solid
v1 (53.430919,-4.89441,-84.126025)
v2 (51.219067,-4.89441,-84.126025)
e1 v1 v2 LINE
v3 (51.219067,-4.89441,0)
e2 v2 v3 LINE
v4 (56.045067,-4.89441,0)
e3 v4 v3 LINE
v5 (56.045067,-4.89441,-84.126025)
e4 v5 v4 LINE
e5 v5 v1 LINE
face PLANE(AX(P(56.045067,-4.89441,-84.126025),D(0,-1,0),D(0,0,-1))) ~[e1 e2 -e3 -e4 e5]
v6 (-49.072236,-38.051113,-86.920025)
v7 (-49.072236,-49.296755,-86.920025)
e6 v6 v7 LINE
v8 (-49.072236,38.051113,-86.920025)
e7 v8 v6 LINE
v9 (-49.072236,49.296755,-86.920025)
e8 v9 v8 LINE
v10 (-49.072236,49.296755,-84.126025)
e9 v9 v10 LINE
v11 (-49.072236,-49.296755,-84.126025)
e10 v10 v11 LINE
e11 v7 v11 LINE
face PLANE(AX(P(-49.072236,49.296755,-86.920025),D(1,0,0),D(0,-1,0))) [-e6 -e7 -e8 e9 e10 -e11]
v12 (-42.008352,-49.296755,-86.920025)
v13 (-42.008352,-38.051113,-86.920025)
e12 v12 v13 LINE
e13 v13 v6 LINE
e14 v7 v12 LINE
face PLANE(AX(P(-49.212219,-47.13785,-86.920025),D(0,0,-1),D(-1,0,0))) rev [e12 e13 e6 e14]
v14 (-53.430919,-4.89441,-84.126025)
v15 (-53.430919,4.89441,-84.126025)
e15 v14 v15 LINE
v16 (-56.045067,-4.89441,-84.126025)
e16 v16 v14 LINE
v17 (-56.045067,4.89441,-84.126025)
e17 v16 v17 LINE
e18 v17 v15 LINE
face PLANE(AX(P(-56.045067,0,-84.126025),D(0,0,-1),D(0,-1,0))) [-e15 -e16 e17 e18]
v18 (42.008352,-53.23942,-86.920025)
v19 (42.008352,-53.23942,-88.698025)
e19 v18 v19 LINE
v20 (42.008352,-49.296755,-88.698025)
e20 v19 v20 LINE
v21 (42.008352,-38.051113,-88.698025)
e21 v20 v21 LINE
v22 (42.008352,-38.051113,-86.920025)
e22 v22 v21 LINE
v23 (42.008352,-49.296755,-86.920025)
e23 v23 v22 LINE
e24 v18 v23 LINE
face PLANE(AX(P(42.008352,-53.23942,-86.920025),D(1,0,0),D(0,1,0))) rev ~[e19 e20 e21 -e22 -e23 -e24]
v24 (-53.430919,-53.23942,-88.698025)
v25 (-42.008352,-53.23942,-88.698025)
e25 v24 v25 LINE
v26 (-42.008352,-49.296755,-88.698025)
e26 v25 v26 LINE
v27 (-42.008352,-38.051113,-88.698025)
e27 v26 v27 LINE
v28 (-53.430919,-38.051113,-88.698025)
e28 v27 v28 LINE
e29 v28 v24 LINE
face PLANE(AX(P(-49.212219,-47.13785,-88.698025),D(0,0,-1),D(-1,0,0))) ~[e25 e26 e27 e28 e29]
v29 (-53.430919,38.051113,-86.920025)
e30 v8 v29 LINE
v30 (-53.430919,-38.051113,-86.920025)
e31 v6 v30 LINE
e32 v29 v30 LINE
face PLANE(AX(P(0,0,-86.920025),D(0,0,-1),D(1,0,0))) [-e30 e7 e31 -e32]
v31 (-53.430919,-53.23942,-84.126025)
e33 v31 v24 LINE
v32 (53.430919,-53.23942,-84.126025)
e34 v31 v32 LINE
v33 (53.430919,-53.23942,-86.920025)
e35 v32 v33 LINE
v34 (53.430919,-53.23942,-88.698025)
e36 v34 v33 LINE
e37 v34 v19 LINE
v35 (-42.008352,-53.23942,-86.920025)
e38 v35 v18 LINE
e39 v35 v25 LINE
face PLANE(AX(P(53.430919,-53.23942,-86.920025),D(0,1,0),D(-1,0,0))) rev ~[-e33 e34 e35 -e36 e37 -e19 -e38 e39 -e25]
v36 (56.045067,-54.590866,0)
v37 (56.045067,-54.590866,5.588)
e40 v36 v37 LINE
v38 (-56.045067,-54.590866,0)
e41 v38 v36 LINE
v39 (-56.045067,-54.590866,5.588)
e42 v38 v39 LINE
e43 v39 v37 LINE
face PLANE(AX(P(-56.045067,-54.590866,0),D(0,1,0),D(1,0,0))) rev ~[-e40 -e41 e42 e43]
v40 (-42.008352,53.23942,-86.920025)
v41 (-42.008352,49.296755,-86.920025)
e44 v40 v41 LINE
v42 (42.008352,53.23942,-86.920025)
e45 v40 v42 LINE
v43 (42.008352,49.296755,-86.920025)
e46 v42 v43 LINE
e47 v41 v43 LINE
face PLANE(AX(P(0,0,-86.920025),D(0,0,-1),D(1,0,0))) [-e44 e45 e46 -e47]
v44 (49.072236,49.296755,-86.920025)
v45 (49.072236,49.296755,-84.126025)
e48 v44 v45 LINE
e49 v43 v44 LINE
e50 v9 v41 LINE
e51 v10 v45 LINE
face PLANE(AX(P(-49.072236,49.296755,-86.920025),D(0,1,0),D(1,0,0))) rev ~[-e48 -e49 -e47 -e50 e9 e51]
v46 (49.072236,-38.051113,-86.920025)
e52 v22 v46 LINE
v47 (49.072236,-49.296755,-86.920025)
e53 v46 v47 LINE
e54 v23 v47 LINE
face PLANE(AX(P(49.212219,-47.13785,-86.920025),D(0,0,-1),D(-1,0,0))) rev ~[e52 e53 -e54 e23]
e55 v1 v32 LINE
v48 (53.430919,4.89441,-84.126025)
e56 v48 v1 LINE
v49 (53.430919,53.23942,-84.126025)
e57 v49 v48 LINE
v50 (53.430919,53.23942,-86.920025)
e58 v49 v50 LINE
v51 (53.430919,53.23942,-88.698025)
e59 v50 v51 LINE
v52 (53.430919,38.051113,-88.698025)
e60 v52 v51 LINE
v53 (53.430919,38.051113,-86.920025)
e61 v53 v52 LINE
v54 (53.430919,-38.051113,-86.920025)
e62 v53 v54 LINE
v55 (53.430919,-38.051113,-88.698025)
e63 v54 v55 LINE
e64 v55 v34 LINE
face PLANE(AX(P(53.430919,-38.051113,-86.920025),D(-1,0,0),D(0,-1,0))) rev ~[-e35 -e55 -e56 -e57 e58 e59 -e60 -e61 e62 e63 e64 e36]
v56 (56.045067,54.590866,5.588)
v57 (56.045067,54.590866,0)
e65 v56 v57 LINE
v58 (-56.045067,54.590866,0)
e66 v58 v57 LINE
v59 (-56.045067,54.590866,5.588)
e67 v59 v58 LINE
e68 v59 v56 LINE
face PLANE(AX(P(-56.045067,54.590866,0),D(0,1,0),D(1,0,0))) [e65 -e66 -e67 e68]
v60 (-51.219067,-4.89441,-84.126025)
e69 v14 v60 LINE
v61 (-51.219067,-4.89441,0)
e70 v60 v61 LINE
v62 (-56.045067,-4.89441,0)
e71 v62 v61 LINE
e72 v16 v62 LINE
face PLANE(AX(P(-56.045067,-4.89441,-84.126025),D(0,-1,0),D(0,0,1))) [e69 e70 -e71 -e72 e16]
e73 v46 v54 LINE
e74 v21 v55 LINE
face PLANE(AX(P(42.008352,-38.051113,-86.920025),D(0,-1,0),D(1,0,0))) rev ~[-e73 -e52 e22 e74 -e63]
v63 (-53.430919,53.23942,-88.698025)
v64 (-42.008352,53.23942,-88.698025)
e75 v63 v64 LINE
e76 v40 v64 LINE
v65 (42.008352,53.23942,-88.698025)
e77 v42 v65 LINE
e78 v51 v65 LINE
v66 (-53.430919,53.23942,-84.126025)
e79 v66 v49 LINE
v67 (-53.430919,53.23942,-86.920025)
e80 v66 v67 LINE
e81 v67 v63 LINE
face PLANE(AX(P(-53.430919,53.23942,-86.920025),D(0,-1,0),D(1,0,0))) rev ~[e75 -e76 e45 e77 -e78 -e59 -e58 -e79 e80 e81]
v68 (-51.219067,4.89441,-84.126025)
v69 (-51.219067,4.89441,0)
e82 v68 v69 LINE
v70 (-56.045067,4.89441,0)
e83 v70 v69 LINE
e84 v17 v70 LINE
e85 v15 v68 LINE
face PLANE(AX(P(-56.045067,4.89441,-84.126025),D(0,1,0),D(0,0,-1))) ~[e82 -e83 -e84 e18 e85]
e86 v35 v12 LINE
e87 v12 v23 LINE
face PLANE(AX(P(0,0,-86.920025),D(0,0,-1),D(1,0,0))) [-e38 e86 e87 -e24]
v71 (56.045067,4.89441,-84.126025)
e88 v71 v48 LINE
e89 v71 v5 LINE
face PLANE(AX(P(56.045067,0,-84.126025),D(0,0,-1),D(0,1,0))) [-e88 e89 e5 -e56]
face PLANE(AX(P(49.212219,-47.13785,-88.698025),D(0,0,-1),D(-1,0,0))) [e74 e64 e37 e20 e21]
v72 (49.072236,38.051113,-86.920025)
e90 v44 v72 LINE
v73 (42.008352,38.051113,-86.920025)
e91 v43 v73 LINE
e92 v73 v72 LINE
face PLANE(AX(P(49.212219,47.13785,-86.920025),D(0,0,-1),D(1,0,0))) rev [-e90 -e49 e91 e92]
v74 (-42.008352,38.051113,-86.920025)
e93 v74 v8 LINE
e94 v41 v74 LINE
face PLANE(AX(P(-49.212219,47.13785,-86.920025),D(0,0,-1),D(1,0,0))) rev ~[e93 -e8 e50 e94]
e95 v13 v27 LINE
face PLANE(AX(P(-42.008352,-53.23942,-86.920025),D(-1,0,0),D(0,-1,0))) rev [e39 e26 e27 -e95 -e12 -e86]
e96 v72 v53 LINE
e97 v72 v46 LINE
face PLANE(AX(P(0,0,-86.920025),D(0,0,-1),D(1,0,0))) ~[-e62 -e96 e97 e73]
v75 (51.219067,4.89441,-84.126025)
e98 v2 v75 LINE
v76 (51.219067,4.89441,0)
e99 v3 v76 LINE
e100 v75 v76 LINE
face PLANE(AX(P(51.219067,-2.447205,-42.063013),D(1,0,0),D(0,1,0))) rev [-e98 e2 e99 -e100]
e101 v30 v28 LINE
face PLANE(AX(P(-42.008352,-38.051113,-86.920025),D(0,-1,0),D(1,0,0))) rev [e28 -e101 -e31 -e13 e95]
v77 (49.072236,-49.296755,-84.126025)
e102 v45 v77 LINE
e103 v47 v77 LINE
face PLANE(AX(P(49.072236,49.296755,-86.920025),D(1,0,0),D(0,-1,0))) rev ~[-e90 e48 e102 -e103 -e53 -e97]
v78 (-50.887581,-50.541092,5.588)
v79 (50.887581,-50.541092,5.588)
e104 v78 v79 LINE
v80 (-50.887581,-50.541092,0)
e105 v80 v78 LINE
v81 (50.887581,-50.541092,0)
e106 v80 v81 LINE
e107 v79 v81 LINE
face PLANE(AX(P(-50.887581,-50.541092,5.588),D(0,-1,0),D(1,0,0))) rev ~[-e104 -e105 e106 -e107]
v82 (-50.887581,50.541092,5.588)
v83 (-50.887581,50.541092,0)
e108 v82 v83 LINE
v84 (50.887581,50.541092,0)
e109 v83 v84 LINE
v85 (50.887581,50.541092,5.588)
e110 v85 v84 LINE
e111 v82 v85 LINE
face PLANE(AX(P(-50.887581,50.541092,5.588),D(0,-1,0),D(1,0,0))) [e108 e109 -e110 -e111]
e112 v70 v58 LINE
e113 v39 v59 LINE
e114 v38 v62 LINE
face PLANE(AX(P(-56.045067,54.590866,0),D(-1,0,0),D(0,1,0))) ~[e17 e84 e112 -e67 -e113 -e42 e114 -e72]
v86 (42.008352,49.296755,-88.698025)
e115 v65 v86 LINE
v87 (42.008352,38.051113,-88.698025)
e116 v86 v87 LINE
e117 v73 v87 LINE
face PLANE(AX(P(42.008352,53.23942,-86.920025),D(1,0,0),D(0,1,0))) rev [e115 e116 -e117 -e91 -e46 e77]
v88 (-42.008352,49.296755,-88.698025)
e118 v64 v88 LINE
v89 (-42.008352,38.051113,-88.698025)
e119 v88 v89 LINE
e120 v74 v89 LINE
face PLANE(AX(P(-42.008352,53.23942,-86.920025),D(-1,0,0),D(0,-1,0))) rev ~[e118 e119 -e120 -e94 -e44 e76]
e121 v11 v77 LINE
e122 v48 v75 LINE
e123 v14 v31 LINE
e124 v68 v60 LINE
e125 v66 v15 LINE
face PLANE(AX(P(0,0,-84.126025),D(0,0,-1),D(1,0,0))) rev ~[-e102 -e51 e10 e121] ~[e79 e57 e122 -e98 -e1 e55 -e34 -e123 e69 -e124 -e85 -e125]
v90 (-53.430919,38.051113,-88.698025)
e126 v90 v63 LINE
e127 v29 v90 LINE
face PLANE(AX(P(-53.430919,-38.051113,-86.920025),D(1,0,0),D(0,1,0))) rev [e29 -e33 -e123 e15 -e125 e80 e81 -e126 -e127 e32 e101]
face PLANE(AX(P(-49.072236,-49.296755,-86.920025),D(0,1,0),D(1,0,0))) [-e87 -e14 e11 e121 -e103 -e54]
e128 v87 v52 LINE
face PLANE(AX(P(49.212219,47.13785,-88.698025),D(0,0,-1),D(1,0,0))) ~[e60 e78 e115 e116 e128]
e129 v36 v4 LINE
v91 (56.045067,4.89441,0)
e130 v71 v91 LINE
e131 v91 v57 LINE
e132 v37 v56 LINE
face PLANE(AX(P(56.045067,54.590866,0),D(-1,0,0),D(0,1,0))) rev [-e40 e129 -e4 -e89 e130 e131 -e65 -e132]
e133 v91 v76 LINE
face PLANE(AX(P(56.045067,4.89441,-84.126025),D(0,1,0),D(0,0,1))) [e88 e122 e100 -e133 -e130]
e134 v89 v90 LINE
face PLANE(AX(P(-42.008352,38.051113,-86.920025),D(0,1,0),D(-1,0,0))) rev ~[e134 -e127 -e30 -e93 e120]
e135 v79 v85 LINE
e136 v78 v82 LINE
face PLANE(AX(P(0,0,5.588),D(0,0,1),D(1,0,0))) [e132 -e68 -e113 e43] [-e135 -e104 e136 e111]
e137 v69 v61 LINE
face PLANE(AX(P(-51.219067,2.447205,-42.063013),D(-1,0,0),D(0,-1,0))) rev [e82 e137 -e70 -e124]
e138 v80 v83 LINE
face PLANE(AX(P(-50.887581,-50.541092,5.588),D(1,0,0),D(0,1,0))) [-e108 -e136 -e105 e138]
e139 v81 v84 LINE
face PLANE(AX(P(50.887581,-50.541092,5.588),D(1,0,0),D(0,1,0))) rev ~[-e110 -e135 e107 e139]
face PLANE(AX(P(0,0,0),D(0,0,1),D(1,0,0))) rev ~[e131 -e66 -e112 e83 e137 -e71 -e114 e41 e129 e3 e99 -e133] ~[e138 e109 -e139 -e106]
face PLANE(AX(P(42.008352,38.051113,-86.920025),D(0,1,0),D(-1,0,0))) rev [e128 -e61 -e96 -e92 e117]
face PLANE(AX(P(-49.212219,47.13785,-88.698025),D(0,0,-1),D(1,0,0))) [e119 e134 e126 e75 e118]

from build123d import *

# Parameters (mm, degrees)
F0_W      = 112.0901331306
F0_H      = 109.1817319393
F1_DEPTH  = 5.588
F2_W      = 101.775161922
F2_H      = 101.0821834207
F3_DEPTH  = 25.4
F4_W      = 4.89441026
F4_H      = 84.1260254383
F5_DEPTH  = 4.826
F7_W      = 106.8618372083
F7_H      = 106.4788401127
F8_DEPTH  = 2.794
F9_W      = 98.1444716454
F9_H      = 98.5935106874
F10_DEPTH = 25.4
F11_W     = 7.0638842881
F11_H     = 11.2456418574
F12_DEPTH = 1.778
F15_W     = 112.0901331306
F15_H     = 109.1817319393
F15_W_2   = 101.775161922
F15_H_2   = 101.0821834207
F16_DEPTH = 1.016


with BuildPart() as f1:
    # F0 (on Top) → F1 (new body)
    with BuildSketch(Plane.XY):
        Rectangle(F0_W, F0_H)
    extrude(amount=F1_DEPTH)

    # F2 (on face) → F3 (cut)
    with BuildSketch(Plane.XY.offset(5.588)):
        Rectangle(F2_W, F2_H)
    extrude(amount=-F3_DEPTH, mode=Mode.SUBTRACT)

    # F4 (on face) → F5 (join)
    with BuildSketch(Plane.YZ.offset(56.0450665653)):
        with Locations((2.44720513, -42.0630127192)):
            Rectangle(F4_W, F4_H)
    extrude(amount=-F5_DEPTH)

    # F6: F1 across plane


with BuildPart() as f1_1:
    add(f1.part)
    add(f1.part.mirror(Plane.YZ))

    # F7 (on face) → F8 (join)
    with BuildSketch(Plane(origin=(0, 0, -84.1260254383), x_dir=(1, 0, 0), z_dir=(0, 0, -1))):
        Rectangle(F7_W, F7_H)
    extrude(amount=F8_DEPTH)

    # F9 (on face) → F10 (cut)
    with BuildSketch(Plane(origin=(0, 0, -86.9200254383), x_dir=(1, 0, 0), z_dir=(0, 0, -1))):
        Rectangle(F9_W, F9_H)
    extrude(amount=-F10_DEPTH, mode=Mode.SUBTRACT)

    # F11 (on face) → F12 (join)
    with BuildSketch(Plane(origin=(0, 0, -86.9200254383), x_dir=(1, 0, 0), z_dir=(0, 0, -1))):
        Polygon((-53.4309186041, -38.0511134863), (-53.4309186041, -53.2394200563), (-42.0083515346, -53.2394200563), (-42.0083515346, -49.2967553437), (-49.0722358227, -49.2967553437), (-49.0722358227, -38.0511134863), align=None)
        with Locations((-45.5402936786, -43.673934415)):
            Rectangle(F11_W, F11_H)
    extrude(amount=F12_DEPTH)

    # F13: F1 across plane


with BuildPart() as f1_2:
    add(f1_1.part)
    add(f1_1.part.mirror(Plane.XZ))

    # F14: F1 across plane


with BuildPart() as f1_3:
    add(f1_2.part)
    add(f1_2.part.mirror(Plane.YZ))

    # F15 (on face) → F16 (join)
    with BuildSketch(Plane.XY.offset(5.588)):
        Rectangle(F15_W, F15_H)
        Rectangle(F15_W_2, F15_H_2, mode=Mode.SUBTRACT)
    extrude(amount=-F16_DEPTH)


solid = f1_3.part
